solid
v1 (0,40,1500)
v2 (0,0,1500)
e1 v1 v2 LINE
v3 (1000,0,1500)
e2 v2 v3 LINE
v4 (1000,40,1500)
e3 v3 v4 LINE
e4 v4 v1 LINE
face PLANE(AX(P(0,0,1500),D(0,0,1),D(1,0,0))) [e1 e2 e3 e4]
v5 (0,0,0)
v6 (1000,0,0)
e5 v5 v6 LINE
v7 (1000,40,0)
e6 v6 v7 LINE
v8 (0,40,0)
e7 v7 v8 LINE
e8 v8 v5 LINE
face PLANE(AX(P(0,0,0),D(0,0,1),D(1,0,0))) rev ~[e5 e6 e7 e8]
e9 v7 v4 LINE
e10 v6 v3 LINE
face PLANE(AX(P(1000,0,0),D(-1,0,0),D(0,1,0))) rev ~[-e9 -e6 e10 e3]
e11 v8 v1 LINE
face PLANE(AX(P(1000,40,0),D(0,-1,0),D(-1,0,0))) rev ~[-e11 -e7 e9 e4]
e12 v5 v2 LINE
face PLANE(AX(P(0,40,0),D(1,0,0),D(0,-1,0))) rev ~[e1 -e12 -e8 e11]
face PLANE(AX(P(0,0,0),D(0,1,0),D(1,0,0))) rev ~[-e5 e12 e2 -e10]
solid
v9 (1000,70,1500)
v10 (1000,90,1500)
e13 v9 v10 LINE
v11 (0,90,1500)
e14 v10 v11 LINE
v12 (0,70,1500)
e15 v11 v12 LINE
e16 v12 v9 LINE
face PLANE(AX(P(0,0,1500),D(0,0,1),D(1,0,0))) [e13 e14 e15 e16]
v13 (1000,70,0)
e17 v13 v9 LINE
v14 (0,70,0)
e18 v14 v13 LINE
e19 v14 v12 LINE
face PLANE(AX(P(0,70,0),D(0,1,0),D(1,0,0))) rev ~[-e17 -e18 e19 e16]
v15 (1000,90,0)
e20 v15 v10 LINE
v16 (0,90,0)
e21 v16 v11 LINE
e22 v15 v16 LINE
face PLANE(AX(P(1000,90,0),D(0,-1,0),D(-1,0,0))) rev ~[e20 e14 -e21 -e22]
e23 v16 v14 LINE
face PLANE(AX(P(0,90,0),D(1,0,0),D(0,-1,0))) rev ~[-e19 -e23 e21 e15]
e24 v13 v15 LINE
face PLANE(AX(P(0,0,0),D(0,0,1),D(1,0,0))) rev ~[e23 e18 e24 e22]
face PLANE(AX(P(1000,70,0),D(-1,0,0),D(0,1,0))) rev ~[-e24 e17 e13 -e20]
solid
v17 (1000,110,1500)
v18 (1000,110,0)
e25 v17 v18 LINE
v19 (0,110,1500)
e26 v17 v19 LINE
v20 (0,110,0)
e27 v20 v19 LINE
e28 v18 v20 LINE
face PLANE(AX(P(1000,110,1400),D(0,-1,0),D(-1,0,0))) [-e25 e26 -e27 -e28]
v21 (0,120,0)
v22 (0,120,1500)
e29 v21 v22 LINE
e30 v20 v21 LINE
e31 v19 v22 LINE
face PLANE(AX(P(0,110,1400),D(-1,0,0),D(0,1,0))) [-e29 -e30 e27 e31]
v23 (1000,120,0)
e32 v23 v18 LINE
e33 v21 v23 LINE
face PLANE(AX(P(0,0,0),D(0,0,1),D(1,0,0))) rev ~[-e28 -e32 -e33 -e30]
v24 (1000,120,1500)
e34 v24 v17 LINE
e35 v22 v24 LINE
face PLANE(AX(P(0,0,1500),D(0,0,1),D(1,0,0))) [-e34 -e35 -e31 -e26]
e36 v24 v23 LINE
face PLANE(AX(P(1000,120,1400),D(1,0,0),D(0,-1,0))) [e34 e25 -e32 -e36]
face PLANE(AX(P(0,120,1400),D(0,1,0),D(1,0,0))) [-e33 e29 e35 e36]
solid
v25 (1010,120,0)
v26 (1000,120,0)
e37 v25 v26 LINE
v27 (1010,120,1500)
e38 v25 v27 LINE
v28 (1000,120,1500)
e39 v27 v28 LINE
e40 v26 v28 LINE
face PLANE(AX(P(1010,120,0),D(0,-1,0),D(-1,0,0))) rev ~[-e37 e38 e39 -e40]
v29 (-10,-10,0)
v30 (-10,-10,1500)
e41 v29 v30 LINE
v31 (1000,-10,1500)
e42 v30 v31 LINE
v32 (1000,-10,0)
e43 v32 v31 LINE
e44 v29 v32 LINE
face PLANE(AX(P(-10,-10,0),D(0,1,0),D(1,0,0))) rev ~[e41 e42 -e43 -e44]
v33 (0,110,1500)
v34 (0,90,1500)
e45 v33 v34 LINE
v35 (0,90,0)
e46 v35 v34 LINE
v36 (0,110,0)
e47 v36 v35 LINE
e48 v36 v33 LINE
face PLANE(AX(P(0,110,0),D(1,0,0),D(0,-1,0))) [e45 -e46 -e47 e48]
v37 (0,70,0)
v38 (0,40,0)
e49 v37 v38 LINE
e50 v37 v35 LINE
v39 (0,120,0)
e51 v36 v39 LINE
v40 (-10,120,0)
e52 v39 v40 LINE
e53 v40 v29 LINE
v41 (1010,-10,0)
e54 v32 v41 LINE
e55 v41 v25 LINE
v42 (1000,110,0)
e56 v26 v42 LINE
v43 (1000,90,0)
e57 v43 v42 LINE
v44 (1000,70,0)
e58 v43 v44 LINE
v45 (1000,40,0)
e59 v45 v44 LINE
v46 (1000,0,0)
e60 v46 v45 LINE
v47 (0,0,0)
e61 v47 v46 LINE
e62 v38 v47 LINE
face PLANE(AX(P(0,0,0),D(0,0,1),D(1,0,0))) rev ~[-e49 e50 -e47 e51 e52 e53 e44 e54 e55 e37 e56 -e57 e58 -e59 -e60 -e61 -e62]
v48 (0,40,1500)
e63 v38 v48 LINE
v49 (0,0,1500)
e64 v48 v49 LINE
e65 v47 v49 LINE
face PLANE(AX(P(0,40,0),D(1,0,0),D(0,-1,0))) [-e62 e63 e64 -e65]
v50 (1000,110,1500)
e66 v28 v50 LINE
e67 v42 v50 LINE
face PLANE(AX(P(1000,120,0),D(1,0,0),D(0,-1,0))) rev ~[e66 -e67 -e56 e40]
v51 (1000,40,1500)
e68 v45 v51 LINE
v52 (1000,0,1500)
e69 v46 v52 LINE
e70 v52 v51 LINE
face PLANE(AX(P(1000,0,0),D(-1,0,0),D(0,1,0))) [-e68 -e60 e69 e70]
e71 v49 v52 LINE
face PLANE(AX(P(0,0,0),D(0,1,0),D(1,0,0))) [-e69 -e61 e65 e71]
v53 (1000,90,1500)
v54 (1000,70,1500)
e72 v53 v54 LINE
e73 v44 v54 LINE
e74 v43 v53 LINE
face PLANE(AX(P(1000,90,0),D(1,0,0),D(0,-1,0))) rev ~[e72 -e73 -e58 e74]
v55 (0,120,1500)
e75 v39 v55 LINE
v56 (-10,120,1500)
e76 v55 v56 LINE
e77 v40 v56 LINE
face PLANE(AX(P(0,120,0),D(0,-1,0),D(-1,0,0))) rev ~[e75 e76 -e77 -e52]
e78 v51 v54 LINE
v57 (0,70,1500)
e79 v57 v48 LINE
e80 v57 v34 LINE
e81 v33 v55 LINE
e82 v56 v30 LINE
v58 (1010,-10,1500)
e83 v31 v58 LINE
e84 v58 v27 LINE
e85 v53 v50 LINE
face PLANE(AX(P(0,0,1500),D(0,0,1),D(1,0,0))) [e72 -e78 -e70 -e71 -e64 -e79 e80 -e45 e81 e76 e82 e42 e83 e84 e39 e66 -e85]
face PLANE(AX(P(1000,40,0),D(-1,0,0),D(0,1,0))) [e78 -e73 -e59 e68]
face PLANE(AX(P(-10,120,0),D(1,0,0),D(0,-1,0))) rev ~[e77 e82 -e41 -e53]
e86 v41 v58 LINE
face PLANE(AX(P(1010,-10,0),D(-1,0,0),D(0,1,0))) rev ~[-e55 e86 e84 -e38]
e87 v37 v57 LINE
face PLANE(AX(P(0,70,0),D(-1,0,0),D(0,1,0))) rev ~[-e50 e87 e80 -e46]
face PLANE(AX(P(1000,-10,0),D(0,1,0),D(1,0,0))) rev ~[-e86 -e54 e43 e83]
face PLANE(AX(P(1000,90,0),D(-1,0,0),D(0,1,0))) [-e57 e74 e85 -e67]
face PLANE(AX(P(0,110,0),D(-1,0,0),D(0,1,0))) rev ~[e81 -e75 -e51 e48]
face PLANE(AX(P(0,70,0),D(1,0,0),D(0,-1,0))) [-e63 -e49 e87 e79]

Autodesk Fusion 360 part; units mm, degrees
sketch "Sketch1" plane through (0, 0, 0) normal (0, 0, 1) x (1, 0, 0)
  line L0 (0, 0) -> (1000, 0)
  line L1 (1000, 0) -> (1000, 40)
  line L2 (1000, 40) -> (0, 40)
  line L3 (0, 40) -> (0, 0)
  line L4 (0, 90) -> (1000, 90)
  line L5 (1000, 90) -> (1000, 70)
  line L6 (1000, 70) -> (0, 70)
  line L7 (0, 70) -> (0, 90)
  line L8 (0, 120) -> (1000, 120)
  line L9 (1000, 120) -> (1000, 110)
  line L10 (1000, 110) -> (0, 110)
  line L11 (0, 110) -> (0, 120)
  line L12 (0, 120) -> (-10, 120)
  line L13 (-10, 120) -> (-10, -10)
  line L14 (-10, -10) -> (1000, -10)
  line L15 (1000, -10) -> (1010, -10)
  line L16 (1010, -10) -> (1010, 120)
  line L17 (1010, 120) -> (1000, 120)
  line L18 (1000, 0) -> (1000, 120)
  line L19 (0, 120) -> (0, 0)
  dimension "d1" = 1000
  dimension "d2" = 40
  dimension "d3" = 1000
  dimension "d4" = 20
  dimension "d5" = 1000
  dimension "d6" = 10
  dimension "d7" = 10
  dimension "d8" = 1010
sketch "Sketch2" plane through (0, 0, 0) normal (0, 0, 1) x (1, 0, 0)
  line L0 (0, 0) -> (1000, 0)
  line L1 (1000, 0) -> (1000, 40)
  line L2 (1000, 40) -> (0, 40)
  line L3 (0, 40) -> (0, 0)
  dimension "d11" = 1000
  dimension "d12" = 40
sketch "Sketch3" plane through (0, 0, 0) normal (0, 0, 1) x (1, 0, 0)
  line L0 (0, 70) -> (1000, 70)
  line L1 (1000, 70) -> (1000, 90)
  line L2 (1000, 90) -> (0, 90)
  line L3 (0, 90) -> (0, 70)
  dimension "d15" = 1000
  dimension "d16" = 20
sketch "Sketch4" plane through (0, 0, 1400) normal (0, 0, 1) x (1, 0, 0)
  line L0 (0, 40) -> (0, 0)
  line L1 (0, 0) -> (1000, 0)
  line L2 (1000, 0) -> (1000, 40)
  line L3 (1000, 40) -> (0, 40)
  line L4 (0, 120) -> (1000, 120)
  line L5 (1000, 120) -> (1000, 110)
  line L6 (1000, 110) -> (0, 110)
  line L7 (0, 110) -> (0, 120)
  dimension "d19" = 1000
  dimension "d20" = 10
extrude "Extrude5" add sketch "Sketch1" along normal blind 1500 contours L0 L1 L3 L5 L7 L9 L11 L12 L13 L14 L15 L16 L17 L18 L19 makes body 1
extrude "Extrude6" add sketch "Sketch2" along normal blind 1500 separate body makes body 2
extrude "Extrude7" add sketch "Sketch3" along normal blind 1500 separate body makes body 3
extrude "Extrude8" add sketch "Sketch4" along normal blind 100 and the other way blind 1400 separate body contours L4 L5 L6 L7 makes body 4
